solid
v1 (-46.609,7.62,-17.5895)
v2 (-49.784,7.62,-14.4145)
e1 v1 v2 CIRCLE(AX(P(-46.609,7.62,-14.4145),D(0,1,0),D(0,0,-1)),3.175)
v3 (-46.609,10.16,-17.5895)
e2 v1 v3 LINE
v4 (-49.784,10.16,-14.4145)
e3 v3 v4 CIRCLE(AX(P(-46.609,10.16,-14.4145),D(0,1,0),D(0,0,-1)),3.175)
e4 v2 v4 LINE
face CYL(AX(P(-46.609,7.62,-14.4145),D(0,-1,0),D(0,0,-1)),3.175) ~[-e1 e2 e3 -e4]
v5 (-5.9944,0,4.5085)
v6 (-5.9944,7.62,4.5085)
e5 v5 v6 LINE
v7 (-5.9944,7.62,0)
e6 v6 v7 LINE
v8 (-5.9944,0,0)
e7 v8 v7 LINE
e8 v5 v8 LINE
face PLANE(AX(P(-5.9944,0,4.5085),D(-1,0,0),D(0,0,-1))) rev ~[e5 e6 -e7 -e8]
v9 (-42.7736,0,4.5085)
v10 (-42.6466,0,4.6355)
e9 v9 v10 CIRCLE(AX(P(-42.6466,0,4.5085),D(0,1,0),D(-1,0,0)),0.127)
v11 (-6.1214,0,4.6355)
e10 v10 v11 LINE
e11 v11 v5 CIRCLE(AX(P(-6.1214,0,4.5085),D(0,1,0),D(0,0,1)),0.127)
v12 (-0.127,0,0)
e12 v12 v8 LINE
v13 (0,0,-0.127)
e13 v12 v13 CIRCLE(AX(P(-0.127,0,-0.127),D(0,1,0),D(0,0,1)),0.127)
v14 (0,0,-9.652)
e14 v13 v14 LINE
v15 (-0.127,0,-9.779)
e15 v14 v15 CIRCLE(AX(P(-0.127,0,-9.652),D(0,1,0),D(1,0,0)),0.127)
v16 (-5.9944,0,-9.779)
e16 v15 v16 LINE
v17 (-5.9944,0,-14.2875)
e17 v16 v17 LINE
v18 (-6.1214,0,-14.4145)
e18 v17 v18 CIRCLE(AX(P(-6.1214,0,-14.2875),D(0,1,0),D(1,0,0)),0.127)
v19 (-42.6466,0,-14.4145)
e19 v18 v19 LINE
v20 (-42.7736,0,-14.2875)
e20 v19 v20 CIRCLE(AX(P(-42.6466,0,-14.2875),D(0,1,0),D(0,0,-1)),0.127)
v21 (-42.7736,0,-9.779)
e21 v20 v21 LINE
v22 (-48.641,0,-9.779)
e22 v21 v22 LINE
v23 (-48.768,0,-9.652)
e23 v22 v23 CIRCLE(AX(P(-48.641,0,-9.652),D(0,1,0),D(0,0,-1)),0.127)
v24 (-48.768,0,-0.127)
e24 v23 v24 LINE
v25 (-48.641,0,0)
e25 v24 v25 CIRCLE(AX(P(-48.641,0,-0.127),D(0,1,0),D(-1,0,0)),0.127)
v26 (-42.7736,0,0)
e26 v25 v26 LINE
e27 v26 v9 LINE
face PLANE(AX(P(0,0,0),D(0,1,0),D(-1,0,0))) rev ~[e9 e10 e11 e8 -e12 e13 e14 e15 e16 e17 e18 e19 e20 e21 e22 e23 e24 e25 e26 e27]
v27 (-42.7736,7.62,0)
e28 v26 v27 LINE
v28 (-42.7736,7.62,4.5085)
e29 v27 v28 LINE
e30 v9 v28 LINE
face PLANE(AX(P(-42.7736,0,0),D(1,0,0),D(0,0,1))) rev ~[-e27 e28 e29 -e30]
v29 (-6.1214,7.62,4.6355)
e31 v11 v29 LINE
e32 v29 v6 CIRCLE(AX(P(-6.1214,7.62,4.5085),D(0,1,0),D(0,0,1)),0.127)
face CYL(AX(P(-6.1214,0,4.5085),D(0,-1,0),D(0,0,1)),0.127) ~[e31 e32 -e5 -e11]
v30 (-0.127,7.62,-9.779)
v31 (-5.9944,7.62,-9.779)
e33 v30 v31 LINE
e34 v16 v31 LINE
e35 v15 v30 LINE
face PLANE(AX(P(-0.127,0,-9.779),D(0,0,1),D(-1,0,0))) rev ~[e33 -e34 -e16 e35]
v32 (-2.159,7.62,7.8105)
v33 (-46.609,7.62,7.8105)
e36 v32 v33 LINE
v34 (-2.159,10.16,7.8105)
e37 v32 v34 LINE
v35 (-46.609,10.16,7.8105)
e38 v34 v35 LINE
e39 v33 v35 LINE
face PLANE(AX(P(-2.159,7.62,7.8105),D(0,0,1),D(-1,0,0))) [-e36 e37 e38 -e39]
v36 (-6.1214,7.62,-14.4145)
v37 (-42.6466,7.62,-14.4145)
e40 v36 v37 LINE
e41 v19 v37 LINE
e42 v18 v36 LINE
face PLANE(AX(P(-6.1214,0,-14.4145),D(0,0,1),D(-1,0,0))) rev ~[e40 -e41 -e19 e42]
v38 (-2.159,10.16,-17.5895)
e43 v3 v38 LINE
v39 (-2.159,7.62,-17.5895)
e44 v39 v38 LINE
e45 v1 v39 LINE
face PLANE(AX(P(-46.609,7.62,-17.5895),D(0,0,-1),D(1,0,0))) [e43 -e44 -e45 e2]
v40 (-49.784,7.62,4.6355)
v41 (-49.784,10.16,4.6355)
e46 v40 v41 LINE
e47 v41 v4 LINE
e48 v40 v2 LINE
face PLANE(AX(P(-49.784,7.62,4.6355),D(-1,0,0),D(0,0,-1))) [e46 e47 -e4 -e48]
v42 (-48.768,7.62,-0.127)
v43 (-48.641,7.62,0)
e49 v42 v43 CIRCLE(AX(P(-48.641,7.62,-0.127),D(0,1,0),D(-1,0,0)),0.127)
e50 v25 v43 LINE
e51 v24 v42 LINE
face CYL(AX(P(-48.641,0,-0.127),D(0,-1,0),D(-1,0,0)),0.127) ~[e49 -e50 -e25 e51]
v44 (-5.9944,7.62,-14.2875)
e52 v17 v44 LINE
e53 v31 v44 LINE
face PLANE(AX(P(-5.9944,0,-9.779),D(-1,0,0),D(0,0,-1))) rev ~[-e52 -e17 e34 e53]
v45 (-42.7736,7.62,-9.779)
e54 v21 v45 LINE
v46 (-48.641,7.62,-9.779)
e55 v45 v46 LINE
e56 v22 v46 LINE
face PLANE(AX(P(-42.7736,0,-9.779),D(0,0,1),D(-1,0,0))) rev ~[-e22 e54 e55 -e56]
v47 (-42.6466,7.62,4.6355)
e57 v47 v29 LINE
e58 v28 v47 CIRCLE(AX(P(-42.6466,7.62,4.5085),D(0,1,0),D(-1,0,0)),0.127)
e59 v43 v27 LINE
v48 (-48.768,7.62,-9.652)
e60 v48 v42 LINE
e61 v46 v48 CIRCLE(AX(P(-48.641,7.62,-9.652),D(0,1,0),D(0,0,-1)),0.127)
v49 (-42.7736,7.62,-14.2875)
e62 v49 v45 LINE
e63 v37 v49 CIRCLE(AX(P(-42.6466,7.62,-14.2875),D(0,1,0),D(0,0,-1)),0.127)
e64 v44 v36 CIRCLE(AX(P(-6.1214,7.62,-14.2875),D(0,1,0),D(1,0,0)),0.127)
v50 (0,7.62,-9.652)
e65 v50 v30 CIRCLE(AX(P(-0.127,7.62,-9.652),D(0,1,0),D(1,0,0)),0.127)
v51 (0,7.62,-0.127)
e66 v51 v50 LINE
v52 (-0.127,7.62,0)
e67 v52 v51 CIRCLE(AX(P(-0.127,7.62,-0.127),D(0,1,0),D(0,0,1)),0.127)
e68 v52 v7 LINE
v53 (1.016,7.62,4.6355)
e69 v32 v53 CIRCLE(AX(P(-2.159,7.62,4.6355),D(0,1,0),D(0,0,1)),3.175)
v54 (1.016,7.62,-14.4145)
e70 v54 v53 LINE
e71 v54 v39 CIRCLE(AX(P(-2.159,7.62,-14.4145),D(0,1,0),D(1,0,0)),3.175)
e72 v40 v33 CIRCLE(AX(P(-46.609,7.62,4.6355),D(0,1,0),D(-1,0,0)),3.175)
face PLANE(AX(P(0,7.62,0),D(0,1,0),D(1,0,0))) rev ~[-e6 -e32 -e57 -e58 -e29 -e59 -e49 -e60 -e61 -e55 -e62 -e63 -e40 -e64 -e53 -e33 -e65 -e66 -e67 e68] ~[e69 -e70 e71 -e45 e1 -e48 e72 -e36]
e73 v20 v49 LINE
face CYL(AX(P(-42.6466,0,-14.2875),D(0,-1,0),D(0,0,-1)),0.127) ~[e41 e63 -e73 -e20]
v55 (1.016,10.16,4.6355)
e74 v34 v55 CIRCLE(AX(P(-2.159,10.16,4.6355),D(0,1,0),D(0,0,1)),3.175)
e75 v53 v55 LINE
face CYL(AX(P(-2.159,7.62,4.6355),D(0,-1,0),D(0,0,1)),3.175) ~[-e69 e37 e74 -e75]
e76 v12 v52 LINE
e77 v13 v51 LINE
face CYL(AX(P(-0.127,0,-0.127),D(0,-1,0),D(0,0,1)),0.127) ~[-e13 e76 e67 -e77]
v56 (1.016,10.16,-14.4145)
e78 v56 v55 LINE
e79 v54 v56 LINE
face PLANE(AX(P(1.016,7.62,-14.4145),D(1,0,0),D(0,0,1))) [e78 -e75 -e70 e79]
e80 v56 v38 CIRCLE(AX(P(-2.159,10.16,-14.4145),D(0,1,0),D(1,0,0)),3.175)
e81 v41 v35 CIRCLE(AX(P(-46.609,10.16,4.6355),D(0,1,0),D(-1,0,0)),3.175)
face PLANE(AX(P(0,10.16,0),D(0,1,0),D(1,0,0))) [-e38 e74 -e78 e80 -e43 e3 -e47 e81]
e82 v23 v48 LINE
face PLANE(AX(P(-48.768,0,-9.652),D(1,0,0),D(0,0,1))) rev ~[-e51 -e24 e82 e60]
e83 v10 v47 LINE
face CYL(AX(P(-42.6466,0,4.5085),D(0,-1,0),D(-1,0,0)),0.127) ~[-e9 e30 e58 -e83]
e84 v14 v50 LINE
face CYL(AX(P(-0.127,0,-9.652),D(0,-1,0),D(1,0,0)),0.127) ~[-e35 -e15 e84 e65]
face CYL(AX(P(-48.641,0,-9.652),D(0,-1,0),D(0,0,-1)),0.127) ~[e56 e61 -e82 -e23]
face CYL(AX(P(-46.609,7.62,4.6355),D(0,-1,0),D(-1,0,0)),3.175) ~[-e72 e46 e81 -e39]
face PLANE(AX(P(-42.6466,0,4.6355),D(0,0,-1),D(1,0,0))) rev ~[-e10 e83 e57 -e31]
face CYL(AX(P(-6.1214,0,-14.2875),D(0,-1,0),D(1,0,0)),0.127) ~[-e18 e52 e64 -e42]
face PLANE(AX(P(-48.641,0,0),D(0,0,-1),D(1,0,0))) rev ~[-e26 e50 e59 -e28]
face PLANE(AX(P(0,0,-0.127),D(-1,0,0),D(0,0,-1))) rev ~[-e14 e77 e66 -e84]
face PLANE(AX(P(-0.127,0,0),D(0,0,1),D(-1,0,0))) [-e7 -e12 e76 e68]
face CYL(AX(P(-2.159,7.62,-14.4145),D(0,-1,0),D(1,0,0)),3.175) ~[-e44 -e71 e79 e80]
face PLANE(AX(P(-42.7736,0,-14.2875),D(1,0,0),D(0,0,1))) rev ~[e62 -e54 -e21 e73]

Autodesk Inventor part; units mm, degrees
ref_plane "YZ Plane" through (0, 0, 0) normal (1, 0, 0) x (0, 1, 0)
ref_plane "XZ Plane" through (0, 0, 0) normal (0, 1, 0) x (-1, 0, 0)
ref_plane "XY Plane" through (0, 0, 0) normal (0, 0, 1) x (1, 0, 0)
sketch "Sketch1" plane through (0, 0, 0) normal (0, 1, 0) x (-1, 0, 0)
  line L0 (0, -0.127) -> (0, -9.652)
  line L1 (0.127, -9.779) -> (5.9944, -9.779)
  line L2 (5.9944, -9.779) -> (5.9944, -14.2875)
  line L3 (6.1214, -14.4145) -> (42.6466, -14.4145)
  line L4 (42.7736, -14.2875) -> (42.7736, -9.779)
  line L5 (42.7736, -9.779) -> (48.641, -9.779)
  line L6 (48.768, -9.652) -> (48.768, -0.127)
  line L7 (48.641, 0) -> (42.7736, 0)
  line L8 (42.7736, 0) -> (42.7736, 4.5085)
  line L9 (42.6466, 4.6355) -> (6.1214, 4.6355)
  line L10 (5.9944, 4.5085) -> (5.9944, 0)
  line L11 (0.127, 0) -> (5.9944, 0)
  arc A0 (48.768, -0.127) -> (48.641, 0) centre (48.641, -0.127) ccw
  arc A1 (48.641, -9.779) -> (48.768, -9.652) centre (48.641, -9.652) ccw
  arc A2 (42.6466, -14.4145) -> (42.7736, -14.2875) centre (42.6466, -14.2875) ccw
  arc A3 (5.9944, -14.2875) -> (6.1214, -14.4145) centre (6.1214, -14.2875) ccw
  arc A4 (0, -9.652) -> (0.127, -9.779) centre (0.127, -9.652) ccw
  arc A5 (0.127, 0) -> (0, -0.127) centre (0.127, -0.127) ccw
  arc A6 (6.1214, 4.6355) -> (5.9944, 4.5085) centre (6.1214, 4.5085) ccw
  arc A7 (42.7736, 4.5085) -> (42.6466, 4.6355) centre (42.6466, 4.5085) ccw
  point P0 (0, 0)
  point P1 (42.7736, 4.6355)
  point P2 (5.9944, 4.6355)
  dimension "d0" = 48.768
  dimension "d1" = 19.05
  dimension "d2" = 9.779
  dimension "d3" = 36.7792
  dimension "d4" = 0.127
extrude "Extrusion1" add sketch "Sketch1" along normal blind 7.62
sketch "Sketch2" plane through (0, 7.62, 0) normal (0, 1, 0) x (1, 0, 0)
  line L0 (0, 0.127) -> (0, 9.652) projected
  arc A0 (0, 9.652) -> (-0.127, 9.779) centre (-0.127, 9.652) ccw projected
  line L1 (-0.127, 9.779) -> (-5.9944, 9.779) projected
  line L2 (-5.9944, 9.779) -> (-5.9944, 14.2875) projected
  arc A1 (-5.9944, 14.2875) -> (-6.1214, 14.4145) centre (-6.1214, 14.2875) ccw projected
  line L3 (-6.1214, 14.4145) -> (-42.6466, 14.4145) projected
  arc A2 (-42.6466, 14.4145) -> (-42.7736, 14.2875) centre (-42.6466, 14.2875) ccw projected
  line L4 (-42.7736, 14.2875) -> (-42.7736, 9.779) projected
  line L5 (-42.7736, 9.779) -> (-48.641, 9.779) projected
  arc A3 (-48.641, 9.779) -> (-48.768, 9.652) centre (-48.641, 9.652) ccw projected
  line L6 (-48.768, 9.652) -> (-48.768, 0.127) projected
  arc A4 (-48.768, 0.127) -> (-48.641, 0) centre (-48.641, 0.127) ccw projected
  line L7 (-48.641, 0) -> (-42.7736, 0) projected
  line L8 (-42.7736, 0) -> (-42.7736, -4.5085) projected
  arc A5 (-42.7736, -4.5085) -> (-42.6466, -4.6355) centre (-42.6466, -4.5085) ccw projected
  line L9 (-42.6466, -4.6355) -> (-6.1214, -4.6355) projected
  arc A6 (-6.1214, -4.6355) -> (-5.9944, -4.5085) centre (-6.1214, -4.5085) ccw projected
  line L10 (-5.9944, -4.5085) -> (-5.9944, 0) projected
  line L11 (-5.9944, 0) -> (-0.127, 0) projected
  arc A7 (-0.127, 0) -> (0, 0.127) centre (-0.127, 0.127) ccw projected
  line L12 (-46.609, 17.5895) -> (-2.159, 17.5895)
  line L13 (1.016, 14.4145) -> (1.016, -4.6355)
  line L14 (-2.159, -7.8105) -> (-46.609, -7.8105)
  line L15 (-49.784, -4.6355) -> (-49.784, 14.4145)
  arc A8 (-46.609, 17.5895) -> (-49.784, 14.4145) centre (-46.609, 14.4145) ccw
  arc A9 (1.016, 14.4145) -> (-2.159, 17.5895) centre (-2.159, 14.4145) ccw
  arc A10 (-2.159, -7.8105) -> (1.016, -4.6355) centre (-2.159, -4.6355) ccw
  arc A11 (-49.784, -4.6355) -> (-46.609, -7.8105) centre (-46.609, -4.6355) ccw
  dimension "d10" = 50.8
  dimension "d11" = 25.4
  dimension "d12" = 48.768
  dimension "d13" = 1.016
  dimension "d14" = 19.05
  dimension "d15" = 3.175
  dimension "d16" = 3.175
extrude "Extrusion3" add sketch "Sketch2" along normal blind 2.54 contours A7 L11 L10 A6 L9 A5 L8 L7 A4 L6 A3 L5 L4 A2 L3 A1 L2 L1 A0 L0 | L12 A9 L13 A10 L14 A11 L15 A8
properties part number "ELEV_011_EXTRUENDCAP" material "Rubber"
